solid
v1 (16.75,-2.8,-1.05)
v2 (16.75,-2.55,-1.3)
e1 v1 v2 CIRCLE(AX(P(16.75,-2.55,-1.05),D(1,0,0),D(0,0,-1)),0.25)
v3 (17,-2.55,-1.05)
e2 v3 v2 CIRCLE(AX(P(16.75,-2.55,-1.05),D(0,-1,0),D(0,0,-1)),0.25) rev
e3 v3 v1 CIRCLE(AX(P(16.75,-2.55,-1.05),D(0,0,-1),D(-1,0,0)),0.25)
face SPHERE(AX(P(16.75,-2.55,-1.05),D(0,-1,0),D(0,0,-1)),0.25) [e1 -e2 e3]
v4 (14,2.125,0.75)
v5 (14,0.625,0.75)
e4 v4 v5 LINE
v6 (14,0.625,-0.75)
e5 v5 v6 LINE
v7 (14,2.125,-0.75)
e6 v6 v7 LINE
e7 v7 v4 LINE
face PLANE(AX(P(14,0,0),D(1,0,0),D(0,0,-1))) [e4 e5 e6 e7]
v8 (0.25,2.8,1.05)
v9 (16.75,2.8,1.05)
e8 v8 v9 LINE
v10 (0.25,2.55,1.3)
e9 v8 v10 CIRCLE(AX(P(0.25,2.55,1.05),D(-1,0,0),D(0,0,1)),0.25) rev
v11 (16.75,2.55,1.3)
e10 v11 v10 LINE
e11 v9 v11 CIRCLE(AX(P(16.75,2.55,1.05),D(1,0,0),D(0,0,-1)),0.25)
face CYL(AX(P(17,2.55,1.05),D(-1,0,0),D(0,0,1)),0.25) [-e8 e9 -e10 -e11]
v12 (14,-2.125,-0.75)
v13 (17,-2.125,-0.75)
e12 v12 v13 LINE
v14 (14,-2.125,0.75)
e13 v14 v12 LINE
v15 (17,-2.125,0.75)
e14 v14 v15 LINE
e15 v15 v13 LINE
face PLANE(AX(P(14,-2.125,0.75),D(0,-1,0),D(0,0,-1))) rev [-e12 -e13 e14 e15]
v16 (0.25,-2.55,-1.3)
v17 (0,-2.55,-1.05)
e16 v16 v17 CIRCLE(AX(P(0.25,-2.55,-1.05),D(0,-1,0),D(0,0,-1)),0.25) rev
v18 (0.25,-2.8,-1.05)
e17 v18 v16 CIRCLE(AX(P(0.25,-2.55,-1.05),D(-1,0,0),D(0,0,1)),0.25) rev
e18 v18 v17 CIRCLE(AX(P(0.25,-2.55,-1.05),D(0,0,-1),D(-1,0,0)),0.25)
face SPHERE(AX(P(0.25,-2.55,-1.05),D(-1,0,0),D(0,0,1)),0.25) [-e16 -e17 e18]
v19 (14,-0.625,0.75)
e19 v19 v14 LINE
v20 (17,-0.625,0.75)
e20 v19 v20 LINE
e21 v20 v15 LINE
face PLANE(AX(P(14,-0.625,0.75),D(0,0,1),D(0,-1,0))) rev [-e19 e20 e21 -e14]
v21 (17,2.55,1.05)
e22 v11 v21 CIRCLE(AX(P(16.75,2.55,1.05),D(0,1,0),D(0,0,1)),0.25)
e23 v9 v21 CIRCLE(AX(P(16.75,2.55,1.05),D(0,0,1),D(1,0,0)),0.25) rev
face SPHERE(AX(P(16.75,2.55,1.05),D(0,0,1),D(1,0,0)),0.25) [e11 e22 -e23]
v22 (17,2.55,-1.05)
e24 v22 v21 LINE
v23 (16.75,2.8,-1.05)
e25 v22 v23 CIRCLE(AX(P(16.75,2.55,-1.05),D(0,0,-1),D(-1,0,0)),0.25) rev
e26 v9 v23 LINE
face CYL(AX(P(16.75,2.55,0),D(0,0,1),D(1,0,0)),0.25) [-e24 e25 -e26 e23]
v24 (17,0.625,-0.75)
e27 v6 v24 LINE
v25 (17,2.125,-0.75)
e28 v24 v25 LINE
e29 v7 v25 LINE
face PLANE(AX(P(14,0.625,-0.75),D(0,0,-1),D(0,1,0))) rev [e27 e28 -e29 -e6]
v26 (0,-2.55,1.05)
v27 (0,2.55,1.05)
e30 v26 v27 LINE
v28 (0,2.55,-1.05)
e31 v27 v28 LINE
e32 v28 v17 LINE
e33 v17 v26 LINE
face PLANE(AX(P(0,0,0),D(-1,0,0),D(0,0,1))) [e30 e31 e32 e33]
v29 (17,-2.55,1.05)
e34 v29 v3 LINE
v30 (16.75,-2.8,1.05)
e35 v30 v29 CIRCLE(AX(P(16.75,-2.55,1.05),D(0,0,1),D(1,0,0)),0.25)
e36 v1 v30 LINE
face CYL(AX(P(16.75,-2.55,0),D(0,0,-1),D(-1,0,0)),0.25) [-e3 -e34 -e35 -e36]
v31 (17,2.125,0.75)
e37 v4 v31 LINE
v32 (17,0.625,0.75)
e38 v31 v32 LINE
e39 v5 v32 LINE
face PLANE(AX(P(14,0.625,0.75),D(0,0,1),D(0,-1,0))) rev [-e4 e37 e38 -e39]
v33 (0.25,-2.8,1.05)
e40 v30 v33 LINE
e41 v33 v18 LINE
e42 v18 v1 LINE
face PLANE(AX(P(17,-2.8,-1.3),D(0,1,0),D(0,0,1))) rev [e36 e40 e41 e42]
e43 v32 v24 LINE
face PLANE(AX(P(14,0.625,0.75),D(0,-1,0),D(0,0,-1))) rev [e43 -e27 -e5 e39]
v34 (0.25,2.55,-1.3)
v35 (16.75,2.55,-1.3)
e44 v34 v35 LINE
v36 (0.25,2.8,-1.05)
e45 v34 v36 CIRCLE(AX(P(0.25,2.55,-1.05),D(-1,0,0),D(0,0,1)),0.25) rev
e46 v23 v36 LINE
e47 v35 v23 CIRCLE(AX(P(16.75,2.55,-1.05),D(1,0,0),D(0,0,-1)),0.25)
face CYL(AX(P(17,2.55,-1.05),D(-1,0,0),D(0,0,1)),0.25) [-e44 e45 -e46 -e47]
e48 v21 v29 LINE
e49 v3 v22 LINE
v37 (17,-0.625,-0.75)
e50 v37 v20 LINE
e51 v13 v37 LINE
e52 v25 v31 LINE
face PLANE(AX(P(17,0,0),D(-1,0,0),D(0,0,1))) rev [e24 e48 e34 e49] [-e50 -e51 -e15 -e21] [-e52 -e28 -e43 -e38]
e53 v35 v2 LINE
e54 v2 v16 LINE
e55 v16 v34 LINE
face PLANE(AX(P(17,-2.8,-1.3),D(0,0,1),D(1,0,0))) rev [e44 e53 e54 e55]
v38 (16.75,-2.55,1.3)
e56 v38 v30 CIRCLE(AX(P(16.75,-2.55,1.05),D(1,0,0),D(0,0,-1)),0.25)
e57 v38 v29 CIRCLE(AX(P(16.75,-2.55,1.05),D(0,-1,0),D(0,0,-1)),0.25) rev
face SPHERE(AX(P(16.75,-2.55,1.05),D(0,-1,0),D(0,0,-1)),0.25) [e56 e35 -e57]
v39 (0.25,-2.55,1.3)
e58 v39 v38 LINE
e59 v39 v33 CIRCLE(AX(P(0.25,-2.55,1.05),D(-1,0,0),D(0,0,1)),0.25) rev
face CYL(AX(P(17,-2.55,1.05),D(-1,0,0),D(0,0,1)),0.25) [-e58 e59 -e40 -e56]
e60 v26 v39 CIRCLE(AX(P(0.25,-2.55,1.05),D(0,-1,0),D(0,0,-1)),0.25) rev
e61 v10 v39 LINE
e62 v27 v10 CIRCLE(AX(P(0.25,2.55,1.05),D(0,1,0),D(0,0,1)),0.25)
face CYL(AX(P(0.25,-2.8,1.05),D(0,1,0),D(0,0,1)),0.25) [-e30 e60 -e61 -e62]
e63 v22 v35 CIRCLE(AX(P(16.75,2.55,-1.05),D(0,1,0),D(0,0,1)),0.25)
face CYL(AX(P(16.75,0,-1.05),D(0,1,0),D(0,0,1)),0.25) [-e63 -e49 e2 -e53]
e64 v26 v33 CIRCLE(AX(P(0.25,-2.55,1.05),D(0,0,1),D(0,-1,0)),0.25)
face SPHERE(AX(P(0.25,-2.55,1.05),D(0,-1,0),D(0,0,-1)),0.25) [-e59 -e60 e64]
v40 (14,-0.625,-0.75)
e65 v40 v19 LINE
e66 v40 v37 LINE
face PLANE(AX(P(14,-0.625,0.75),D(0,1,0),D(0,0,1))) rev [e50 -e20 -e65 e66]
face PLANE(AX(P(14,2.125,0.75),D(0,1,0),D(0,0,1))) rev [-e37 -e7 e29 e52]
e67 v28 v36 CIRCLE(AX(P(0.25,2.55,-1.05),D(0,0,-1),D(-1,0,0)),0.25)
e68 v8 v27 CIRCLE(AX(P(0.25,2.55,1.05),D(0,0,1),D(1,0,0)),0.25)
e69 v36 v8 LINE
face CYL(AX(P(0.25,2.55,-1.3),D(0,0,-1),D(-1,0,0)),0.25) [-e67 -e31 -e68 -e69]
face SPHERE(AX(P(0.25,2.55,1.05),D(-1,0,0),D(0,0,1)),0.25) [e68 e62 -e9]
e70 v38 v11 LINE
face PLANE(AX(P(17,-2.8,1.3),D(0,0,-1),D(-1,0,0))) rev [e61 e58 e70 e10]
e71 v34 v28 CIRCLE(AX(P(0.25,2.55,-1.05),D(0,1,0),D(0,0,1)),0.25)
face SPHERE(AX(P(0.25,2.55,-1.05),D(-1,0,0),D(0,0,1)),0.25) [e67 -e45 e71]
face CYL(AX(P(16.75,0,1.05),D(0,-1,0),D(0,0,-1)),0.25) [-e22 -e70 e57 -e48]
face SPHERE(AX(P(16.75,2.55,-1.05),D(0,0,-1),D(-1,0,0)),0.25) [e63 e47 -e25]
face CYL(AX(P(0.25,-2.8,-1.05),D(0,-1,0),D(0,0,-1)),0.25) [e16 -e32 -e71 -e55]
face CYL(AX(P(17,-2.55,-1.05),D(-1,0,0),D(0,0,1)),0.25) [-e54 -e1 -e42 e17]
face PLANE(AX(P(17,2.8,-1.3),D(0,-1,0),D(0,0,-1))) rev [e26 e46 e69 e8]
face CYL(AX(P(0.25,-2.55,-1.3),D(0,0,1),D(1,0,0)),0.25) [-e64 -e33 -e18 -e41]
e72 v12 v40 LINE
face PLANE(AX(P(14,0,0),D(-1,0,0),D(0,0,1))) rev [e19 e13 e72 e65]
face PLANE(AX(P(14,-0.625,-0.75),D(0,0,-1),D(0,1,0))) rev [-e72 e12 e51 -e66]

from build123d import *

# Parameters (mm, degrees)
CROQUIS1_W              = 5.6
CROQUIS1_H              = 2.6
SALIENTE_EXTRUIR1_DEPTH = 17
CROQUIS2_W              = 1.5
CROQUIS2_H              = 1.5
CORTAR_EXTRUIR1_DEPTH   = 3
REDONDEO1_R             = 0.25


with BuildPart() as part:
    # Croquis1 → Saliente-Extruir1 (new body)
    with BuildSketch(Plane.YZ):
        Rectangle(CROQUIS1_W, CROQUIS1_H)
    extrude(amount=SALIENTE_EXTRUIR1_DEPTH)

    # Croquis2 → Cortar-Extruir1 (cut)
    with BuildSketch(Plane.YZ.offset(17)):
        with Locations((1.375, 0)):
            Rectangle(CROQUIS2_W, CROQUIS2_H)
        with Locations((-1.375, 0)):
            Rectangle(CROQUIS2_W, CROQUIS2_H)
    extrude(amount=-CORTAR_EXTRUIR1_DEPTH, mode=Mode.SUBTRACT)

    # Redondeo1
    redondeo1_edges = [part.edges().sort_by_distance(p)[0] for p in [
        (17, -2.8, 0),
        (17, 0, -1.3),
        (17, 2.8, 0),
        (0, 0, -1.3),
        (0, -2.8, 0),
        (0, 0, 1.3),
        (0, 2.8, 0),
        (8.5, 2.8, -1.3),
        (8.5, -2.8, -1.3),
        (8.5, -2.8, 1.3),
        (8.5, 2.8, 1.3),
        (17, 0, 1.3),
    ]]
    fillet(redondeo1_edges, radius=REDONDEO1_R)


solid = part.part
